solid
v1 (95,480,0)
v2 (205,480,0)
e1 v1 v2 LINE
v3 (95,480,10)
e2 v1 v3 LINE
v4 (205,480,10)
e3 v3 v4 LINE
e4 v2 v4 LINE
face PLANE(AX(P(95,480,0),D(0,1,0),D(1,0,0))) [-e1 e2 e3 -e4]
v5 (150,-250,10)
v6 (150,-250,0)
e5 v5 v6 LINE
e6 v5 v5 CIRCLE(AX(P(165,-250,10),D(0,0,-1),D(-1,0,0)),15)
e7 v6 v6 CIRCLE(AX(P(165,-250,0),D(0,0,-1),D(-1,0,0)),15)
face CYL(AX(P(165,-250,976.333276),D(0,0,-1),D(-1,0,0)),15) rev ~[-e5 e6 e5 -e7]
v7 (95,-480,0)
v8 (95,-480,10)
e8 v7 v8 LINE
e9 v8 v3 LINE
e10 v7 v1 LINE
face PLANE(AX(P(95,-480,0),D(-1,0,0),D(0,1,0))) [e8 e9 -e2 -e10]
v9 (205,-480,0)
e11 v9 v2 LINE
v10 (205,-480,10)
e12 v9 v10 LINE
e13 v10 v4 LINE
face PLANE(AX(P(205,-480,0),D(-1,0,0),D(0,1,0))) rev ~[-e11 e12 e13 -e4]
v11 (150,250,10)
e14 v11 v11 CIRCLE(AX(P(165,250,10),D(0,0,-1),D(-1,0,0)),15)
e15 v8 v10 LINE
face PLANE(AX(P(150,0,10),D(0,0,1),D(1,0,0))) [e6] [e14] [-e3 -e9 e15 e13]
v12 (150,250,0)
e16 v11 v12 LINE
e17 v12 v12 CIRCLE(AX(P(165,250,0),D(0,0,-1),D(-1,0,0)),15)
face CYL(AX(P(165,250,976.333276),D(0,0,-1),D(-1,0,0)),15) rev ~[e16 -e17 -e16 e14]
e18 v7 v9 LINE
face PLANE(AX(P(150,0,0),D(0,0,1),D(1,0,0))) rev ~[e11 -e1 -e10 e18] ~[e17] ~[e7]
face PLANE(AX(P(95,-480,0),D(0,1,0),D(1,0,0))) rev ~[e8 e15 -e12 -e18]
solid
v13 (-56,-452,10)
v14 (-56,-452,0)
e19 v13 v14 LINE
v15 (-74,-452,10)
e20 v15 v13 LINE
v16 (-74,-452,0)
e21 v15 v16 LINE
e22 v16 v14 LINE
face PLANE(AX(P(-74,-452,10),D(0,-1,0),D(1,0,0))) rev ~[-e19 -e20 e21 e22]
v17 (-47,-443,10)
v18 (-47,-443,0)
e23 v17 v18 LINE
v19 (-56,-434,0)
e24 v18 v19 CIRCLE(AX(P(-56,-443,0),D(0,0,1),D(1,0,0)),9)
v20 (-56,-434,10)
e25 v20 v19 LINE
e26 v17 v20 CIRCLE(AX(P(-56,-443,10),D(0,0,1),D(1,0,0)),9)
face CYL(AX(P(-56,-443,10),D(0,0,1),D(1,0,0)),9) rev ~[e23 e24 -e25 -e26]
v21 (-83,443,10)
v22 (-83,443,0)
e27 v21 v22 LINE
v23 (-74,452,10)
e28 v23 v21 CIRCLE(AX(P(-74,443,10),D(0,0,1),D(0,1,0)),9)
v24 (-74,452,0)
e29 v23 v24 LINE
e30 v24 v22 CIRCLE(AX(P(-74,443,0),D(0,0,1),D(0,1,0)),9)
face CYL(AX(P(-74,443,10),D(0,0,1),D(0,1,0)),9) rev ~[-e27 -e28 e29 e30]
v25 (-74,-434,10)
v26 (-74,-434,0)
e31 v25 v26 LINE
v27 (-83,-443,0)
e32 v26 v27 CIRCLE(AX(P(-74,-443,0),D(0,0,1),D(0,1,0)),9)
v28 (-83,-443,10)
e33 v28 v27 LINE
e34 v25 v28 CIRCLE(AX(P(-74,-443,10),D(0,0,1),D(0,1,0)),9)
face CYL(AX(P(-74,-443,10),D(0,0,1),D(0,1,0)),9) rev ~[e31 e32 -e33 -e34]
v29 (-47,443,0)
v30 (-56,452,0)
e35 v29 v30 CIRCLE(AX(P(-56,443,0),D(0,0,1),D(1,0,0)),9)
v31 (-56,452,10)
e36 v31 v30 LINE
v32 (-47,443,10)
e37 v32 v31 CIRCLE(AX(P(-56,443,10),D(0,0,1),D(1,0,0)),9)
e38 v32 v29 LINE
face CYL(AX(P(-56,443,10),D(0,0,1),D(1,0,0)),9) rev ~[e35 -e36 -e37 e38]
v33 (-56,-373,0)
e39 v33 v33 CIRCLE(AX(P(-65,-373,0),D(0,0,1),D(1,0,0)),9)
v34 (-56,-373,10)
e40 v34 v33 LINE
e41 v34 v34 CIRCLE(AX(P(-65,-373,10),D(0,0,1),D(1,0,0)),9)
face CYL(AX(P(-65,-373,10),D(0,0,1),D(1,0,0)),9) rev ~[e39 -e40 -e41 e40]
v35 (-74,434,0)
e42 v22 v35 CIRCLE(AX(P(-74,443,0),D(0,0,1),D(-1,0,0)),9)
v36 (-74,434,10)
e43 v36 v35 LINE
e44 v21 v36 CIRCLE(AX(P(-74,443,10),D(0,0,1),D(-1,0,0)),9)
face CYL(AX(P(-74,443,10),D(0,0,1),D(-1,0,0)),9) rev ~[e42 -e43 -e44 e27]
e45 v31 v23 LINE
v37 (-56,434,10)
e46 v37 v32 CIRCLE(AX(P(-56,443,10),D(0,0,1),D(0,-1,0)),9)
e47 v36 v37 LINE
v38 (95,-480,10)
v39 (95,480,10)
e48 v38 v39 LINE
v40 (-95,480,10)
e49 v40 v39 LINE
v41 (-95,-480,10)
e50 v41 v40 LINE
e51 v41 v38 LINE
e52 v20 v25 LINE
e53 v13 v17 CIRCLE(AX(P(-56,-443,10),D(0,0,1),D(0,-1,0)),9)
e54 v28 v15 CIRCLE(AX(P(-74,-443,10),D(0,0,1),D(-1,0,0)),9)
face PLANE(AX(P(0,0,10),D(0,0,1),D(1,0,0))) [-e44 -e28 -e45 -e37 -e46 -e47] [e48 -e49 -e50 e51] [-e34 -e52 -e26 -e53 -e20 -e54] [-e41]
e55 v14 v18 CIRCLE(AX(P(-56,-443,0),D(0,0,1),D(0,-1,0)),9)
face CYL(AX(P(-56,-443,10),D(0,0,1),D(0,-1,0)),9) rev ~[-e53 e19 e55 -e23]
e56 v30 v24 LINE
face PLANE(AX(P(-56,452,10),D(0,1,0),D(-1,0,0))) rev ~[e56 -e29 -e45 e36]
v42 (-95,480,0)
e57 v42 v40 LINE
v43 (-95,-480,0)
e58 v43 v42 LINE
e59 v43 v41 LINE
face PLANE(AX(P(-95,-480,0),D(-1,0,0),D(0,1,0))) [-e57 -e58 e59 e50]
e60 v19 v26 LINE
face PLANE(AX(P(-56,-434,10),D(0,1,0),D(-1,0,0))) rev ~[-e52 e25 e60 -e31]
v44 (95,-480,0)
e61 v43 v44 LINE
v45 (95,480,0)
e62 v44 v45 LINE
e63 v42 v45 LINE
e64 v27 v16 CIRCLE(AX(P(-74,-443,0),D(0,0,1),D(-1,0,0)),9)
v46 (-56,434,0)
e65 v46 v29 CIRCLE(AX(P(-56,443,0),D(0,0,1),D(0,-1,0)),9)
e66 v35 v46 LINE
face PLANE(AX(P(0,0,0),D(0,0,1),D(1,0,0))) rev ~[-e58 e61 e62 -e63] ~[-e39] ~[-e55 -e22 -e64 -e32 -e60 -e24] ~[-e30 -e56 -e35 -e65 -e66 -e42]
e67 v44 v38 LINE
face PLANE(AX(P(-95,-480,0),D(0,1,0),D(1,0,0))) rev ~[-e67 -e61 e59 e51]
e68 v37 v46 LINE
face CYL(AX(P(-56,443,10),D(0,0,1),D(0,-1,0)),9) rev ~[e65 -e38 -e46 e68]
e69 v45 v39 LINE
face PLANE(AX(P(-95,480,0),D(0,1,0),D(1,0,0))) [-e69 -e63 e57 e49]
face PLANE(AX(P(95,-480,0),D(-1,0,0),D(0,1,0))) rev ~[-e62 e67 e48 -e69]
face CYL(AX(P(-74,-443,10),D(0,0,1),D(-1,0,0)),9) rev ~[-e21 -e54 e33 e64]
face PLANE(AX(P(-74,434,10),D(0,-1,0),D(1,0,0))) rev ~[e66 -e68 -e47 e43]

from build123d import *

# Parameters (mm, degrees)
F0_W     = 190
F0_H     = 960
F1_DEPTH = 10
F0_W_2   = 110
F2_DEPTH = 10
F3_R     = 9
F4_DEPTH = 10
F5_D     = 30


with BuildPart() as f1:
    # F0 (on Top) → F1 (new body)
    with BuildSketch(Plane.XY):
        Rectangle(F0_W, F0_H)
    extrude(amount=F1_DEPTH)

    # F3 (on face) → F4 (cut, through all)
    with BuildSketch(Plane.XY.offset(10)):
        with BuildLine():
            ThreePointArc((-47, -443), (-49.6360389693, -436.6360389693), (-56, -434))
            Line((-56, -434), (-74, -434))
            ThreePointArc((-74, -434), (-80.3639610307, -436.6360389693), (-83, -443))
            ThreePointArc((-83, -443), (-80.3639610307, -449.3639610307), (-74, -452))
            Line((-74, -452), (-56, -452))
            ThreePointArc((-56, -452), (-49.6360389693, -449.3639610307), (-47, -443))
        make_face()
        with Locations((-65, -373)):
            Circle(F3_R)
        with BuildLine():
            ThreePointArc((-47, 443), (-49.6360389693, 449.3639610307), (-56, 452))
            Line((-56, 452), (-74, 452))
            ThreePointArc((-74, 452), (-80.3639610307, 449.3639610307), (-83, 443))
            ThreePointArc((-83, 443), (-80.3639610307, 436.6360389693), (-74, 434))
            Line((-74, 434), (-56, 434))
            ThreePointArc((-56, 434), (-49.6360389693, 436.6360389693), (-47, 443))
        make_face()
    extrude(amount=-F4_DEPTH, mode=Mode.SUBTRACT)


with BuildPart() as f2:
    # F0 (on Top) → F2 (new body)
    with BuildSketch(Plane.XY):
        with Locations((150, 0)):
            Rectangle(F0_W_2, F0_H)
    extrude(amount=F2_DEPTH)

    # F5 (through all)
    with Locations(Plane.XY.offset(10)):
        with Locations((165, 250), (165, -250)):
            Hole(F5_D / 2)


solid = Compound([f1.part, f2.part])
